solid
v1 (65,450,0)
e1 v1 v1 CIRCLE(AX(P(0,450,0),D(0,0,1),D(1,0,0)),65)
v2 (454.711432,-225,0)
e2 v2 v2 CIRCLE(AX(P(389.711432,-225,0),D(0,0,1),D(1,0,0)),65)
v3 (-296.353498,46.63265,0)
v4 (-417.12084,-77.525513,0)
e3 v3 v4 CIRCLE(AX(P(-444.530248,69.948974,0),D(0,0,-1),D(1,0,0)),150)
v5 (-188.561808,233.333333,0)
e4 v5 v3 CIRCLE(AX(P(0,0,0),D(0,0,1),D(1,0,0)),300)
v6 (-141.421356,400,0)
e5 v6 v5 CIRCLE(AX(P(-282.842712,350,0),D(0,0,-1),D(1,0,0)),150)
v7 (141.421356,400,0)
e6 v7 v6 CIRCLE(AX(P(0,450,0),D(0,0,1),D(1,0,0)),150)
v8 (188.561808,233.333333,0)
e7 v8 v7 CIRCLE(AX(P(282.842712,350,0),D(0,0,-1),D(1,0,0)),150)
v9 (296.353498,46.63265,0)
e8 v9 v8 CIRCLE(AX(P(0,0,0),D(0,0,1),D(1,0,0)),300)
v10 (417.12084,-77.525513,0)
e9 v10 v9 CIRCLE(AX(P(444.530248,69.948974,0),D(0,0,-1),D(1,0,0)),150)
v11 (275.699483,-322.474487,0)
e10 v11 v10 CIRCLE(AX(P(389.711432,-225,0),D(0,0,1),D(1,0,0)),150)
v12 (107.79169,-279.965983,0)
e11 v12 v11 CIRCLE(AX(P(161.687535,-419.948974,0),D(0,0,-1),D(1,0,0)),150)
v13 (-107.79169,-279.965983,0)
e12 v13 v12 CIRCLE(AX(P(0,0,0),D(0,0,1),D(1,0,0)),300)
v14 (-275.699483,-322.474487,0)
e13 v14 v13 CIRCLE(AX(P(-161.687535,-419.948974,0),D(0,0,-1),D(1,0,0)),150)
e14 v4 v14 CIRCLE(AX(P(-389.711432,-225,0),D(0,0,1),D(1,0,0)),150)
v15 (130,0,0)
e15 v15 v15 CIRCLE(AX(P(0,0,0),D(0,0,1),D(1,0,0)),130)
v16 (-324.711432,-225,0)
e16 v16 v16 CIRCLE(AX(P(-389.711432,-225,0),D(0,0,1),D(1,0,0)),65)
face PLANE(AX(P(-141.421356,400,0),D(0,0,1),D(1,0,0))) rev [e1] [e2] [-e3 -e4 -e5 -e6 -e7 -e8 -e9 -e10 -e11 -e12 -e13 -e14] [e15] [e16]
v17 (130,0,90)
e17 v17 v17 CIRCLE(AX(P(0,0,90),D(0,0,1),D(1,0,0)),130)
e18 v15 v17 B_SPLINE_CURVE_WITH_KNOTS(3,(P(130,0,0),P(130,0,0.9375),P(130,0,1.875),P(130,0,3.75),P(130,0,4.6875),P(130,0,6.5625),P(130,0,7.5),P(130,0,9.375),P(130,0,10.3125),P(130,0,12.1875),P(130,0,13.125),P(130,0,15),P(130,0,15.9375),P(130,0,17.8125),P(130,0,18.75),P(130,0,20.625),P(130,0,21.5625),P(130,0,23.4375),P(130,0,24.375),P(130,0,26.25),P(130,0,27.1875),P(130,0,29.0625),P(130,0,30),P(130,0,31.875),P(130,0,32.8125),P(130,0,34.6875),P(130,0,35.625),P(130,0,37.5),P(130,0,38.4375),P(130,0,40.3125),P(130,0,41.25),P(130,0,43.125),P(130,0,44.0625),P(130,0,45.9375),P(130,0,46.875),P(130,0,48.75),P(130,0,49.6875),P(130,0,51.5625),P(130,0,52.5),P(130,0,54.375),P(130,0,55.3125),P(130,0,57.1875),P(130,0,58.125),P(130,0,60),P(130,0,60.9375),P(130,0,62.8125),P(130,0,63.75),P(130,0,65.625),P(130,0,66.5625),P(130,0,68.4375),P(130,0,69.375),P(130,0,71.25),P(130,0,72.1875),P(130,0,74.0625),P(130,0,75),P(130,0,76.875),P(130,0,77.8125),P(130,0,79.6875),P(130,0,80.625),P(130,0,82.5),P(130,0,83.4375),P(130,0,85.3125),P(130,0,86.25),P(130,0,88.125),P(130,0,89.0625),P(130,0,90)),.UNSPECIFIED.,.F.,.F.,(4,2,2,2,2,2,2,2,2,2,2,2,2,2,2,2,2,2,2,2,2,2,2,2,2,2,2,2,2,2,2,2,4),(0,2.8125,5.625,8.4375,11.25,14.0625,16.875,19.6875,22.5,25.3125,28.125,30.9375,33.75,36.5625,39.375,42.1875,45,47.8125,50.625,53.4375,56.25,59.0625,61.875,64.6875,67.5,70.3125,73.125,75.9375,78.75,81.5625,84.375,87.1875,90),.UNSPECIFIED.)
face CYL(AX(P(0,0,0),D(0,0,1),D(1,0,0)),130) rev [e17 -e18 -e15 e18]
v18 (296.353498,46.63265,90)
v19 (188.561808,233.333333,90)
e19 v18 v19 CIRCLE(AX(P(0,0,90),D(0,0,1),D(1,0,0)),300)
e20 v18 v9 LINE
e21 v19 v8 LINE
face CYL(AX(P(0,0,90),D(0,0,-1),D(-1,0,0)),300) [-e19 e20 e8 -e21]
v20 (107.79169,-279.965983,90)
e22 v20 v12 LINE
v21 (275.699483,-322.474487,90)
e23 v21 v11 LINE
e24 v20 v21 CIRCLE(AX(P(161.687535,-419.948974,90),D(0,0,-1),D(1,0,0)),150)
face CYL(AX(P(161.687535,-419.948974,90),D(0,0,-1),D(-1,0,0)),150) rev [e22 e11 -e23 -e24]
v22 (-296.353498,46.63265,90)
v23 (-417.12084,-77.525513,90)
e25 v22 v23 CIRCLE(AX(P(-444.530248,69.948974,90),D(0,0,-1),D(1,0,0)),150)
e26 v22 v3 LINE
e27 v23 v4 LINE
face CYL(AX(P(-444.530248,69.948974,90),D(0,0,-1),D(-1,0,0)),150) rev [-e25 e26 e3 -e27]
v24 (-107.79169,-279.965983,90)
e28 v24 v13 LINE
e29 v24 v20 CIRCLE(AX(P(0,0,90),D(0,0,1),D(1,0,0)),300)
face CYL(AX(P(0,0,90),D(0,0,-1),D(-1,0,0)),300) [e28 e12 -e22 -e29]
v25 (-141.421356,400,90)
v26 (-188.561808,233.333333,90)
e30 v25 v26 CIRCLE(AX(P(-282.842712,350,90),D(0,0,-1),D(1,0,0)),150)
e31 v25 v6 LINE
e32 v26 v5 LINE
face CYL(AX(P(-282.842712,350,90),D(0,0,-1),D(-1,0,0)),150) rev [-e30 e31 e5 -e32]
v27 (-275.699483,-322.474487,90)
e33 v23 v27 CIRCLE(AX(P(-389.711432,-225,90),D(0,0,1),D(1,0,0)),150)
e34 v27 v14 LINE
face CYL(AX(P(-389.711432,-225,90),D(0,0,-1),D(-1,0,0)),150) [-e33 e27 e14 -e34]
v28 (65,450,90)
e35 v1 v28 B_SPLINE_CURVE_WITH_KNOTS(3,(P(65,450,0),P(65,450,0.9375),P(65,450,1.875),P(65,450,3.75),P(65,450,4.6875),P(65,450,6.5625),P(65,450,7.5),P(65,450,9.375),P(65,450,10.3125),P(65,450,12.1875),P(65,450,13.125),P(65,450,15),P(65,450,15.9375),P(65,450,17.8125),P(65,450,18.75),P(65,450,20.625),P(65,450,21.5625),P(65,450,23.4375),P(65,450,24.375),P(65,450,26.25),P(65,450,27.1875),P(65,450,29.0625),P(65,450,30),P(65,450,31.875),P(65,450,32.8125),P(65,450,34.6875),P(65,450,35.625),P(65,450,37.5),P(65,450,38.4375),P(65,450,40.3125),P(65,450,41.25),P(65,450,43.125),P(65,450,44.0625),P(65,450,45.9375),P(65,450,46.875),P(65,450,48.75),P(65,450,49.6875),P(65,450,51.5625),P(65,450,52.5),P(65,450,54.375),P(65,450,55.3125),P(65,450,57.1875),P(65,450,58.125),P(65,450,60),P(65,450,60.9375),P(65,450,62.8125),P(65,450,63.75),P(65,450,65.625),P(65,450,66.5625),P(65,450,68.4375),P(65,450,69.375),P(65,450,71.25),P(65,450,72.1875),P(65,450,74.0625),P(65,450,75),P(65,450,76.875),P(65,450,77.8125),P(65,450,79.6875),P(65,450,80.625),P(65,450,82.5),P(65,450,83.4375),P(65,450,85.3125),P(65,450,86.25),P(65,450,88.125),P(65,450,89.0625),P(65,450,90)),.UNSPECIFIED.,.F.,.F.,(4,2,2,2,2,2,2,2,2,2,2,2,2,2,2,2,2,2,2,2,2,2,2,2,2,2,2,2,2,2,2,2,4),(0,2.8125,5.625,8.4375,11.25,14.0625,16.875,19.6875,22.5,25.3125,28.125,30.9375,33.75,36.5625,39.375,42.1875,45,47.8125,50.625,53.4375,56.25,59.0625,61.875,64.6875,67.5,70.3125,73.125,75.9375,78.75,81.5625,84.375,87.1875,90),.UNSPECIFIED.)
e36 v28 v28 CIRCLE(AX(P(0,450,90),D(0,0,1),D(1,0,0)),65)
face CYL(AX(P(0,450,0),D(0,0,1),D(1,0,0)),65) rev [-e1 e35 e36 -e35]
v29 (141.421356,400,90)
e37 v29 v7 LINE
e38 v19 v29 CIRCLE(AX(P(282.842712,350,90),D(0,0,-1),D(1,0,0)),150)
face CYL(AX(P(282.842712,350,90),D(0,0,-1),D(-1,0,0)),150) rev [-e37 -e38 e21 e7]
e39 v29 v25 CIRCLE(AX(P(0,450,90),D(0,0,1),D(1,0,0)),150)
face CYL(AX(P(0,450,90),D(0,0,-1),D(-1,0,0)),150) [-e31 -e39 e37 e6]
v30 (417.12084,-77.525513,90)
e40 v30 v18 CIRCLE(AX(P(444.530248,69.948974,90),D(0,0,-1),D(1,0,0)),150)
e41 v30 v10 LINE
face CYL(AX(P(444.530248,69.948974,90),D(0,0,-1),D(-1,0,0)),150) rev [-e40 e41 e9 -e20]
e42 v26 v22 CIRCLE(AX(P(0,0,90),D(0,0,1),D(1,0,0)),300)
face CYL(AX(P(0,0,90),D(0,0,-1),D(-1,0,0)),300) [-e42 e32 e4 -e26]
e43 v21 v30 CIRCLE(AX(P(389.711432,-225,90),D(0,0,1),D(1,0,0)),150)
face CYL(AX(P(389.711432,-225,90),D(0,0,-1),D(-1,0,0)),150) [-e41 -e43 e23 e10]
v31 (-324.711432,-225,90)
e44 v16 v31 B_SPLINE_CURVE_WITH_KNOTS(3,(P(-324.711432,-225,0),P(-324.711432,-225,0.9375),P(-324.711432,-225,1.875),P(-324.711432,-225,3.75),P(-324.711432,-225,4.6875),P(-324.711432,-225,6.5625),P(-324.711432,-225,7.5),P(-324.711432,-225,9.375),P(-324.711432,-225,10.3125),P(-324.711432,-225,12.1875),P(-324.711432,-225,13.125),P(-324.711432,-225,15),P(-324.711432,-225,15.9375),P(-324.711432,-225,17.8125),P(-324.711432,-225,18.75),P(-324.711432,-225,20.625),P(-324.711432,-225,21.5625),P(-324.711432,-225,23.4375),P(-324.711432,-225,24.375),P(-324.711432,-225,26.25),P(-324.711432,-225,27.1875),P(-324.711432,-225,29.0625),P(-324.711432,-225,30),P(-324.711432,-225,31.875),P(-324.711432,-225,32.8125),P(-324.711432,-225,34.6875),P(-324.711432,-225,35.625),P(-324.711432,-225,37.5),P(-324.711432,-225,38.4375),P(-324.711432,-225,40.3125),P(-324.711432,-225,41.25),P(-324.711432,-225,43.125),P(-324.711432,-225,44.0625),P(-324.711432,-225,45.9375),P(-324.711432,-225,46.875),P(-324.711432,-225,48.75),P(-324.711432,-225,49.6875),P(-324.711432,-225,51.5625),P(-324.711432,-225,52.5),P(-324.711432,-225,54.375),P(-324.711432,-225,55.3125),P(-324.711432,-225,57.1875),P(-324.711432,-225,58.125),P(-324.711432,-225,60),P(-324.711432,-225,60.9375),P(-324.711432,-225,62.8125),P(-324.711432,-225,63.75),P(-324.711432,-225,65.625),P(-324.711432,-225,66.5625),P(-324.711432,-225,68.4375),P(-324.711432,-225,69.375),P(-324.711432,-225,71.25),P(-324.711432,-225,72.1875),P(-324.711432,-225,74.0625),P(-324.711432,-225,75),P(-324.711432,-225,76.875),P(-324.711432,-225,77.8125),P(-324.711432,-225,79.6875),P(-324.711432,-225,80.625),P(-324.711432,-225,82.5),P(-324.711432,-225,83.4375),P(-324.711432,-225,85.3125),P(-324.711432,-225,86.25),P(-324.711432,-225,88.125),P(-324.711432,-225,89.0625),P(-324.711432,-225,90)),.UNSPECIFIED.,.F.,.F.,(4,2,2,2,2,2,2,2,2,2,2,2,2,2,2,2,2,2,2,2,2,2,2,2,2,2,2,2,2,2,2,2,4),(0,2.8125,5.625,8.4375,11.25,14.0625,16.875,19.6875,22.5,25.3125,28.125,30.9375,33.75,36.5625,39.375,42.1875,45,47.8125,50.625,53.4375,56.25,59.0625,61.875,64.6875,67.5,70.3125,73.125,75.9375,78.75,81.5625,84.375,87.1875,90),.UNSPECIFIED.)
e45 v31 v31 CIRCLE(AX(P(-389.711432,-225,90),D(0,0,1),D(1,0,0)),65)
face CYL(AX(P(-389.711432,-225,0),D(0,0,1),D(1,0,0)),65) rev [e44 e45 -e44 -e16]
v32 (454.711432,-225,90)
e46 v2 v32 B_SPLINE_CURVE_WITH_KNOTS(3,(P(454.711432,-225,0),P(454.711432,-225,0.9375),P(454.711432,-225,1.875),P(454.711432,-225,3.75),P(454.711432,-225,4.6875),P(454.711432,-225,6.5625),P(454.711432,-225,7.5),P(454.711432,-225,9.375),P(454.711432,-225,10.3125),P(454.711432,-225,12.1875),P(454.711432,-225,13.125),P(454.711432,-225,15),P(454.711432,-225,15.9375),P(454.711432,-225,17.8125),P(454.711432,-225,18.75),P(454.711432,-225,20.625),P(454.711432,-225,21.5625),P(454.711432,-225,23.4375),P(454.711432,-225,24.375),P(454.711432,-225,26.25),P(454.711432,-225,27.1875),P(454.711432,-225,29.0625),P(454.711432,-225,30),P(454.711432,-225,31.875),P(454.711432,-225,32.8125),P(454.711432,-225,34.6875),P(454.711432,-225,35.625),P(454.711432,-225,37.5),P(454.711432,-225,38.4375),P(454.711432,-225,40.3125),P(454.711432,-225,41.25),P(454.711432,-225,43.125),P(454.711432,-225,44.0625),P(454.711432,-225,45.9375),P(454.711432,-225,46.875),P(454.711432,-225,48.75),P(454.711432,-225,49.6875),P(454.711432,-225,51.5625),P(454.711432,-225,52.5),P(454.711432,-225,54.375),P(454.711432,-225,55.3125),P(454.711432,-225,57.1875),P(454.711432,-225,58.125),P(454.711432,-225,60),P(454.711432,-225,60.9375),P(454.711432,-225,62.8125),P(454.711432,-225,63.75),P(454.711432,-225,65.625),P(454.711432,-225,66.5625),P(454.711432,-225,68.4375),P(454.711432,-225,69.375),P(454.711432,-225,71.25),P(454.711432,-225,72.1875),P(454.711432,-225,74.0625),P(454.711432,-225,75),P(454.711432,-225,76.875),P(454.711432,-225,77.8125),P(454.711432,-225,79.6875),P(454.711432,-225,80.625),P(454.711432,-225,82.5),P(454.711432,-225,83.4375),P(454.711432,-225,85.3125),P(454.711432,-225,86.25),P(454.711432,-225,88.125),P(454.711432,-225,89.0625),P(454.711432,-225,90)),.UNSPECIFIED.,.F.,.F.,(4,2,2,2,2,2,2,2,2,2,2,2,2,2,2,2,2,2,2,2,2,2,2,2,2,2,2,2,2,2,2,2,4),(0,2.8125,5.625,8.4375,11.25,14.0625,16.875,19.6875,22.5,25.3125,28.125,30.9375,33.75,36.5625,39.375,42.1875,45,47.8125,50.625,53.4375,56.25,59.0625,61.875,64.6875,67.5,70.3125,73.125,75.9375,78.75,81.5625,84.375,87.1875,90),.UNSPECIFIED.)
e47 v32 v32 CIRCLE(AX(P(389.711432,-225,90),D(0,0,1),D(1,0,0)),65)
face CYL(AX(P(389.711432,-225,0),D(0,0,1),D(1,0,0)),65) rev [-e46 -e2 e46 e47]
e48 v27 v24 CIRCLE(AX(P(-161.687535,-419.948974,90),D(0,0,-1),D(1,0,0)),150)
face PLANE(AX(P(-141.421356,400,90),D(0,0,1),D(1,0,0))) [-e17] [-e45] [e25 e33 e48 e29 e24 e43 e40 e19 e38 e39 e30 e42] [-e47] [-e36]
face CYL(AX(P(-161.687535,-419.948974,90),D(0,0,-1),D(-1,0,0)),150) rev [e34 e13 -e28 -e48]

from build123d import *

# Parameters (mm, degrees)
BOSS_EXTRUDE1_DEPTH = 90
SKETCH2_R           = 65
CUT_EXTRUDE1_DEPTH  = 813.027357612
SKETCH3_R           = 130
CUT_EXTRUDE2_DEPTH  = 813.027357612


with BuildPart() as part:
    # Sketch1 → Boss-Extrude1 (new body)
    with BuildSketch(Plane.XY):
        with BuildLine():
            ThreePointArc((-188.561808316, 233.333333333), (-259.807621135, 150), (-296.353498375, 46.632649519))
            ThreePointArc((-296.353498375, 46.632649519), (-337.006124854, -34.638611198), (-417.120839632, -77.525512861))
            ThreePointArc((-417.120839632, -77.525512861), (-519.615242271, -300), (-275.699483395, -322.474487139))
            ThreePointArc((-275.699483395, -322.474487139), (-198.500979677, -274.536559755), (-107.791690058, -279.965982852))
            ThreePointArc((-107.791690058, -279.965982852), (0, -300), (107.791690058, -279.965982852))
            ThreePointArc((107.791690058, -279.965982852), (198.500979677, -274.536559755), (275.699483395, -322.474487139))
            ThreePointArc((275.699483395, -322.474487139), (519.615242271, -300), (417.120839632, -77.525512861))
            ThreePointArc((417.120839632, -77.525512861), (337.006124854, -34.638611198), (296.353498375, 46.632649519))
            ThreePointArc((296.353498375, 46.632649519), (259.807621135, 150), (188.561808316, 233.333333333))
            ThreePointArc((188.561808316, 233.333333333), (138.505145177, 309.175170954), (141.421356237, 400))
            ThreePointArc((141.421356237, 400), (0, 600), (-141.421356237, 400))
            ThreePointArc((-141.421356237, 400), (-138.505145177, 309.175170954), (-188.561808316, 233.333333333))
        make_face()
    extrude(amount=BOSS_EXTRUDE1_DEPTH)

    # Sketch2 → Cut-Extrude1 (cut, through all)
    with BuildSketch(Plane.XY.offset(90)):
        with Locations((0, 450)):
            Circle(SKETCH2_R)
        with Locations((-389.711431703, -225)):
            Circle(SKETCH2_R)
        with Locations((389.711431703, -225)):
            Circle(SKETCH2_R)
    extrude(amount=-CUT_EXTRUDE1_DEPTH, mode=Mode.SUBTRACT)

    # Sketch3 → Cut-Extrude2 (cut, through all)
    with BuildSketch(Plane.XY.offset(90)):
        Circle(SKETCH3_R)
    extrude(amount=-CUT_EXTRUDE2_DEPTH, mode=Mode.SUBTRACT)


solid = part.part
